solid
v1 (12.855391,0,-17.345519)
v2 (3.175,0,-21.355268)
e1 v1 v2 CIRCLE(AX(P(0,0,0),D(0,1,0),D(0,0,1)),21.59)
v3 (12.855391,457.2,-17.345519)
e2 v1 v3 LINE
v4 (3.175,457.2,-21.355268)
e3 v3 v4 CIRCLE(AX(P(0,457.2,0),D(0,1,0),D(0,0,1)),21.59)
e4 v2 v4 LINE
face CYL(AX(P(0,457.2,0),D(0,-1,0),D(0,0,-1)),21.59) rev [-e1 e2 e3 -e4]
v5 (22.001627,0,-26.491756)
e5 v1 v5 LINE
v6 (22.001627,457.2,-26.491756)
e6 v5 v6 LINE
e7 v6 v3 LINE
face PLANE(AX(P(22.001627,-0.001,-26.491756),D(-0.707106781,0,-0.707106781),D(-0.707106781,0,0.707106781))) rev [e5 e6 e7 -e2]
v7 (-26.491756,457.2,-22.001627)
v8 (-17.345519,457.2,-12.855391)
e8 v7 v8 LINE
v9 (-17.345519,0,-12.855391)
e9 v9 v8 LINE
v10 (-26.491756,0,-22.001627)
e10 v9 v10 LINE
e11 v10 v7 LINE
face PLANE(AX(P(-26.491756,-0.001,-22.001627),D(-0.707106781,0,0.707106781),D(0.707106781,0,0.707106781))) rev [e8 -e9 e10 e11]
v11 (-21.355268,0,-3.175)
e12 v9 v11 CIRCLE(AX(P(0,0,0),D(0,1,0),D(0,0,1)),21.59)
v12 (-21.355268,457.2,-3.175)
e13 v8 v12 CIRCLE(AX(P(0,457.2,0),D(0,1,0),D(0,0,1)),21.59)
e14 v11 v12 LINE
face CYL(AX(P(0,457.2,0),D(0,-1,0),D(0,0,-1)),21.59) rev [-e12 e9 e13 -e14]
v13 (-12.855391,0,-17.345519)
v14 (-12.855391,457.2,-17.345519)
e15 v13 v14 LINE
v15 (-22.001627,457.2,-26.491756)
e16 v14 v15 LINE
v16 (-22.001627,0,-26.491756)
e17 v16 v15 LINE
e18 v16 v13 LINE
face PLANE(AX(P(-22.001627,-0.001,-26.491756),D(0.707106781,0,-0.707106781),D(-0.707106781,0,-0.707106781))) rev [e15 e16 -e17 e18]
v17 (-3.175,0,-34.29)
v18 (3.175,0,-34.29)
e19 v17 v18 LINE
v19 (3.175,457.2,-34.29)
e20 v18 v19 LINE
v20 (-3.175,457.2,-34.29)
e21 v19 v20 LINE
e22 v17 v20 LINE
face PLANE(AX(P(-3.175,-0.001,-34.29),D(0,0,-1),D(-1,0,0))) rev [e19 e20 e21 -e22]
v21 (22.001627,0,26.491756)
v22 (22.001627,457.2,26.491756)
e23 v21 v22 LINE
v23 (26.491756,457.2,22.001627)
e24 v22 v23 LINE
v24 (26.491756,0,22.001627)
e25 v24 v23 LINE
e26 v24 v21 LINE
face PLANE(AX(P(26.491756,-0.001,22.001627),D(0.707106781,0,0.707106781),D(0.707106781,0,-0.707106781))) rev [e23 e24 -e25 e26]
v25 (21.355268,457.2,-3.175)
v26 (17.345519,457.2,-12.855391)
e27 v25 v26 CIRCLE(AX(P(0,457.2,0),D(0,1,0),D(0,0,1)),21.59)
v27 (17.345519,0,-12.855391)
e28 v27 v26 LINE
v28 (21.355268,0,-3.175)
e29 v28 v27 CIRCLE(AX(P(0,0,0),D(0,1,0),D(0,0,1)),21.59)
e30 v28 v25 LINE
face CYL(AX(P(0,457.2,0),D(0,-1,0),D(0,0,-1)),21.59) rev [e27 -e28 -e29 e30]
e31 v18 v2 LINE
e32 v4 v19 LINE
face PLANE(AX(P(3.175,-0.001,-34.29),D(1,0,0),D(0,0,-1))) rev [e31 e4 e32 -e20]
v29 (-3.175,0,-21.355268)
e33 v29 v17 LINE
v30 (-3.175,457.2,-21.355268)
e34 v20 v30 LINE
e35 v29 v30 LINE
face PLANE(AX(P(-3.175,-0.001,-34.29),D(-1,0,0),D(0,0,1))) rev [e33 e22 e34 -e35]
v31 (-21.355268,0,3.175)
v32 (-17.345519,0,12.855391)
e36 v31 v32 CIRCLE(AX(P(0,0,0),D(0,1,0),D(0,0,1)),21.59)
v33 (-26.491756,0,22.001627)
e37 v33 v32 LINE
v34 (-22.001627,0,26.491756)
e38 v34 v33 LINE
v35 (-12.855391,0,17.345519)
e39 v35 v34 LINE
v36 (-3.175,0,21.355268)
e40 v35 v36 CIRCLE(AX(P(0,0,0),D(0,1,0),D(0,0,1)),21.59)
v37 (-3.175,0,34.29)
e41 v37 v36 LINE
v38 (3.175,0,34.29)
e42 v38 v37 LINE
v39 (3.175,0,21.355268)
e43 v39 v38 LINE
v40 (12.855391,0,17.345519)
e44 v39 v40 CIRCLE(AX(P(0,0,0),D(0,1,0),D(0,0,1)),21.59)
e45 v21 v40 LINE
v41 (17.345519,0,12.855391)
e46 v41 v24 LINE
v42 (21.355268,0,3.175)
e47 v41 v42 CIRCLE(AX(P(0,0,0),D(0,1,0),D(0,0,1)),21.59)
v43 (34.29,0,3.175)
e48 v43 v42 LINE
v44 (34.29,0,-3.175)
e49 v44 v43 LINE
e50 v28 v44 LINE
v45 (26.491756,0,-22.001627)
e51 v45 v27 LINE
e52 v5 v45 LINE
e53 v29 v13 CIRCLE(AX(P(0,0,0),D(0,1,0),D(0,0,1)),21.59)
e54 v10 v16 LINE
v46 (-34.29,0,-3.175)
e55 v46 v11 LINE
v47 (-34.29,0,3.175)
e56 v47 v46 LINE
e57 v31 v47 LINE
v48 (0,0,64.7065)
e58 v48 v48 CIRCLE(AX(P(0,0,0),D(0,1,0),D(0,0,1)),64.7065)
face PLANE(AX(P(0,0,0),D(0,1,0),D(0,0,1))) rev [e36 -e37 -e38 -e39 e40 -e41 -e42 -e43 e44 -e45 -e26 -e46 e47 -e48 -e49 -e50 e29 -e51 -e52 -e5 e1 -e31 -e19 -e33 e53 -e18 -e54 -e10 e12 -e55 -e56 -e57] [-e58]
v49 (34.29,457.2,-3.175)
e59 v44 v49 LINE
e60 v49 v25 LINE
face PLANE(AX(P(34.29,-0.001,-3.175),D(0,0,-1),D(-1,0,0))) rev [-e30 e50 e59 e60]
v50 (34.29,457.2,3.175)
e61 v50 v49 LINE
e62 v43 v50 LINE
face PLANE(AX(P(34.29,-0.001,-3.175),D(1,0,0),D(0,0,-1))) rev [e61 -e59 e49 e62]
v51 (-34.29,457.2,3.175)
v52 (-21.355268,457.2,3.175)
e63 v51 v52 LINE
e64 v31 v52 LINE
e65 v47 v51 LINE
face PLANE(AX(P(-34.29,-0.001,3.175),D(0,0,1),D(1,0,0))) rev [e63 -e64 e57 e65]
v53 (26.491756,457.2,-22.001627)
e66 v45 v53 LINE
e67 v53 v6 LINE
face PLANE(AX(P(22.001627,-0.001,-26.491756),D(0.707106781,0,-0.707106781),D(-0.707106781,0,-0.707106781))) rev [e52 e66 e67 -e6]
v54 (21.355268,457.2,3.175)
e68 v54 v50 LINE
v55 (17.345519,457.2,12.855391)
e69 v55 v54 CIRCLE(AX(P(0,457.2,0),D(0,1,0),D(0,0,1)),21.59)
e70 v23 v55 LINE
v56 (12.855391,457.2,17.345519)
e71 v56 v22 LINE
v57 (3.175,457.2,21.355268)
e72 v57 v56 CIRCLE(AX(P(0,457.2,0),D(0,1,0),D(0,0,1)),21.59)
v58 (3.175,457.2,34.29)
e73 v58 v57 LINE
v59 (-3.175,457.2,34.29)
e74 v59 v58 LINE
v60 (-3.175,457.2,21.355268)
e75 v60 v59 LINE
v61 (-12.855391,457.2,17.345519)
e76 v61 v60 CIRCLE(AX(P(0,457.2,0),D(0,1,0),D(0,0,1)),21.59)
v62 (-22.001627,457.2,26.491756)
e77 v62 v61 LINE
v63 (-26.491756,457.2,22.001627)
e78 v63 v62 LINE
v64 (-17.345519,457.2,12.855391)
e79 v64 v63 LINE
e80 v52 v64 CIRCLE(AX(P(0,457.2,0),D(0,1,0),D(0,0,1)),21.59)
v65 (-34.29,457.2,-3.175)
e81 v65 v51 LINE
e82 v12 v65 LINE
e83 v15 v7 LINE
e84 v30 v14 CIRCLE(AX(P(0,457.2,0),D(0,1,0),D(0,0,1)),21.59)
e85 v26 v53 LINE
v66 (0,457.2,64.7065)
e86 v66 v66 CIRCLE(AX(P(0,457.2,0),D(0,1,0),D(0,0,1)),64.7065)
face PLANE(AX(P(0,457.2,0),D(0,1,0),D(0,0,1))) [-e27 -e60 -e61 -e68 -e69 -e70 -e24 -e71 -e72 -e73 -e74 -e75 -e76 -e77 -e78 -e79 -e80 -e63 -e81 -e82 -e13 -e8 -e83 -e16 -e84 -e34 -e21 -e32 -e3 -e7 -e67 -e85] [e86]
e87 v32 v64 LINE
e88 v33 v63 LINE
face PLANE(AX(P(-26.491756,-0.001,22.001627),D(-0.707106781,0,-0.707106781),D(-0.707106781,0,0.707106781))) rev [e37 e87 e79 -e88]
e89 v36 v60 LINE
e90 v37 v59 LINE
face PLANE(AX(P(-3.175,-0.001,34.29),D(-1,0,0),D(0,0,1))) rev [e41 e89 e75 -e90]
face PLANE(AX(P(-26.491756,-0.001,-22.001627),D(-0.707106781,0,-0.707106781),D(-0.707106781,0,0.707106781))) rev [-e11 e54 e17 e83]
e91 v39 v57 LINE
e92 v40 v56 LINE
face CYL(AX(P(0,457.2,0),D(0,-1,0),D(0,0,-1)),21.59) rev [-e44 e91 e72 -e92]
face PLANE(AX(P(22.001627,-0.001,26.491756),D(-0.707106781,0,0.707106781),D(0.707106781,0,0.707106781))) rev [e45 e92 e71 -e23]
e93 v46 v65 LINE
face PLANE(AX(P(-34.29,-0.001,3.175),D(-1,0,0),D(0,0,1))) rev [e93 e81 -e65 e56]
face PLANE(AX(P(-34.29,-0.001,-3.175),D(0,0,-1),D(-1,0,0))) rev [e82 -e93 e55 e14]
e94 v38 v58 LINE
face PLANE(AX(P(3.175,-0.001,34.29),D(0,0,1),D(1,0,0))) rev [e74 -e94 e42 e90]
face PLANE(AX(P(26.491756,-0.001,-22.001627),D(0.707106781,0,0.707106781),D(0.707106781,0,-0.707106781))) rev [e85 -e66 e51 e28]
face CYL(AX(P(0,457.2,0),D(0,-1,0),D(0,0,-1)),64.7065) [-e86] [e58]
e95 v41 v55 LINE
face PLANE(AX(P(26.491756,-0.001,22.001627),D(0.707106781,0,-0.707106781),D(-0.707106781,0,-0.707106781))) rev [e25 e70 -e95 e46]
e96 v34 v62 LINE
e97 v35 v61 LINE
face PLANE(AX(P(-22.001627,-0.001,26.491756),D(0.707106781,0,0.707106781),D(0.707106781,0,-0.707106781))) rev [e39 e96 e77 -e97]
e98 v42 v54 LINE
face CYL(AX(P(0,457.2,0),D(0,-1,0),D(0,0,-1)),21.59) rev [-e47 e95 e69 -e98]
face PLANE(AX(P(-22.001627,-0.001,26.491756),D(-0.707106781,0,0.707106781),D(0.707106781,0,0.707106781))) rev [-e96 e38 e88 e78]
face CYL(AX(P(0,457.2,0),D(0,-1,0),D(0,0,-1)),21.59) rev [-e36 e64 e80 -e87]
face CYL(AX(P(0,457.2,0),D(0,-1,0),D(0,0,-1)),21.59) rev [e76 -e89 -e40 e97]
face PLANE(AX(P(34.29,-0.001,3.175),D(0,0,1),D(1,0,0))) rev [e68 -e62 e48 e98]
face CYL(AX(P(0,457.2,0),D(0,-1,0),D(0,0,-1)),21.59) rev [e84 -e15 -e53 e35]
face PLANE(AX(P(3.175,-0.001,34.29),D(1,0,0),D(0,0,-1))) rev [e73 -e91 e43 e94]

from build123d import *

# Parameters (mm, degrees)
SKETCH1_R           = 64.7065
SKETCH1_R_2         = 21.59
BOSS_EXTRUDE1_DEPTH = 457.2
CUT_EXTRUDE1_REACH  = 468.268
CIRPATTERN1_COUNT   = 8


with BuildPart() as part:
    # Sketch1 → Boss-Extrude1 (new body)
    with BuildSketch(Plane(origin=(0, 0, 0), x_dir=(1, 0, 0), z_dir=(0, 1, 0))):
        with Locations(Location((0, 0, 0), (0, 0, 270))):
            Circle(SKETCH1_R)
        with Locations(Location((0, 0, 0), (0, 0, 270))):
            Circle(SKETCH1_R_2, mode=Mode.SUBTRACT)
    extrude(amount=BOSS_EXTRUDE1_DEPTH)

    # Sketch2 → Cut-Extrude1 (cut, up to next)
    with BuildSketch(Plane(origin=(0, 457.2, 0), x_dir=(1, 0, 0), z_dir=(0, 1, 0)), mode=Mode.PRIVATE) as cut_extrude1_sk1:
        with BuildLine():
            Line((-3.175, 34.29), (3.175, 34.29))
            Line((3.175, 34.29), (3.175, 21.355268085))
            ThreePointArc((3.175, 21.355268085), (0, 21.59), (-3.175, 21.355268085))
            Line((-3.175, 21.355268085), (-3.175, 34.29))
        make_face()
    cut_extrude1_tool1 = extrude(cut_extrude1_sk1.sketch, amount=-CUT_EXTRUDE1_REACH, mode=Mode.PRIVATE) & part.part
    cut_extrude1 = cut_extrude1_tool1.solids().sort_by_distance((0, 457.2, -27.900772))[0]
    add(cut_extrude1, mode=Mode.SUBTRACT)

    # CirPattern1: Cut-Extrude1 ×8 about axis
    cirpattern1_axis = Axis((0, 0, 0), (0, 1, 0))
    for i in range(1, CIRPATTERN1_COUNT):
        add(cut_extrude1.rotate(cirpattern1_axis, i * 360 / CIRPATTERN1_COUNT), mode=Mode.SUBTRACT)


solid = part.part
